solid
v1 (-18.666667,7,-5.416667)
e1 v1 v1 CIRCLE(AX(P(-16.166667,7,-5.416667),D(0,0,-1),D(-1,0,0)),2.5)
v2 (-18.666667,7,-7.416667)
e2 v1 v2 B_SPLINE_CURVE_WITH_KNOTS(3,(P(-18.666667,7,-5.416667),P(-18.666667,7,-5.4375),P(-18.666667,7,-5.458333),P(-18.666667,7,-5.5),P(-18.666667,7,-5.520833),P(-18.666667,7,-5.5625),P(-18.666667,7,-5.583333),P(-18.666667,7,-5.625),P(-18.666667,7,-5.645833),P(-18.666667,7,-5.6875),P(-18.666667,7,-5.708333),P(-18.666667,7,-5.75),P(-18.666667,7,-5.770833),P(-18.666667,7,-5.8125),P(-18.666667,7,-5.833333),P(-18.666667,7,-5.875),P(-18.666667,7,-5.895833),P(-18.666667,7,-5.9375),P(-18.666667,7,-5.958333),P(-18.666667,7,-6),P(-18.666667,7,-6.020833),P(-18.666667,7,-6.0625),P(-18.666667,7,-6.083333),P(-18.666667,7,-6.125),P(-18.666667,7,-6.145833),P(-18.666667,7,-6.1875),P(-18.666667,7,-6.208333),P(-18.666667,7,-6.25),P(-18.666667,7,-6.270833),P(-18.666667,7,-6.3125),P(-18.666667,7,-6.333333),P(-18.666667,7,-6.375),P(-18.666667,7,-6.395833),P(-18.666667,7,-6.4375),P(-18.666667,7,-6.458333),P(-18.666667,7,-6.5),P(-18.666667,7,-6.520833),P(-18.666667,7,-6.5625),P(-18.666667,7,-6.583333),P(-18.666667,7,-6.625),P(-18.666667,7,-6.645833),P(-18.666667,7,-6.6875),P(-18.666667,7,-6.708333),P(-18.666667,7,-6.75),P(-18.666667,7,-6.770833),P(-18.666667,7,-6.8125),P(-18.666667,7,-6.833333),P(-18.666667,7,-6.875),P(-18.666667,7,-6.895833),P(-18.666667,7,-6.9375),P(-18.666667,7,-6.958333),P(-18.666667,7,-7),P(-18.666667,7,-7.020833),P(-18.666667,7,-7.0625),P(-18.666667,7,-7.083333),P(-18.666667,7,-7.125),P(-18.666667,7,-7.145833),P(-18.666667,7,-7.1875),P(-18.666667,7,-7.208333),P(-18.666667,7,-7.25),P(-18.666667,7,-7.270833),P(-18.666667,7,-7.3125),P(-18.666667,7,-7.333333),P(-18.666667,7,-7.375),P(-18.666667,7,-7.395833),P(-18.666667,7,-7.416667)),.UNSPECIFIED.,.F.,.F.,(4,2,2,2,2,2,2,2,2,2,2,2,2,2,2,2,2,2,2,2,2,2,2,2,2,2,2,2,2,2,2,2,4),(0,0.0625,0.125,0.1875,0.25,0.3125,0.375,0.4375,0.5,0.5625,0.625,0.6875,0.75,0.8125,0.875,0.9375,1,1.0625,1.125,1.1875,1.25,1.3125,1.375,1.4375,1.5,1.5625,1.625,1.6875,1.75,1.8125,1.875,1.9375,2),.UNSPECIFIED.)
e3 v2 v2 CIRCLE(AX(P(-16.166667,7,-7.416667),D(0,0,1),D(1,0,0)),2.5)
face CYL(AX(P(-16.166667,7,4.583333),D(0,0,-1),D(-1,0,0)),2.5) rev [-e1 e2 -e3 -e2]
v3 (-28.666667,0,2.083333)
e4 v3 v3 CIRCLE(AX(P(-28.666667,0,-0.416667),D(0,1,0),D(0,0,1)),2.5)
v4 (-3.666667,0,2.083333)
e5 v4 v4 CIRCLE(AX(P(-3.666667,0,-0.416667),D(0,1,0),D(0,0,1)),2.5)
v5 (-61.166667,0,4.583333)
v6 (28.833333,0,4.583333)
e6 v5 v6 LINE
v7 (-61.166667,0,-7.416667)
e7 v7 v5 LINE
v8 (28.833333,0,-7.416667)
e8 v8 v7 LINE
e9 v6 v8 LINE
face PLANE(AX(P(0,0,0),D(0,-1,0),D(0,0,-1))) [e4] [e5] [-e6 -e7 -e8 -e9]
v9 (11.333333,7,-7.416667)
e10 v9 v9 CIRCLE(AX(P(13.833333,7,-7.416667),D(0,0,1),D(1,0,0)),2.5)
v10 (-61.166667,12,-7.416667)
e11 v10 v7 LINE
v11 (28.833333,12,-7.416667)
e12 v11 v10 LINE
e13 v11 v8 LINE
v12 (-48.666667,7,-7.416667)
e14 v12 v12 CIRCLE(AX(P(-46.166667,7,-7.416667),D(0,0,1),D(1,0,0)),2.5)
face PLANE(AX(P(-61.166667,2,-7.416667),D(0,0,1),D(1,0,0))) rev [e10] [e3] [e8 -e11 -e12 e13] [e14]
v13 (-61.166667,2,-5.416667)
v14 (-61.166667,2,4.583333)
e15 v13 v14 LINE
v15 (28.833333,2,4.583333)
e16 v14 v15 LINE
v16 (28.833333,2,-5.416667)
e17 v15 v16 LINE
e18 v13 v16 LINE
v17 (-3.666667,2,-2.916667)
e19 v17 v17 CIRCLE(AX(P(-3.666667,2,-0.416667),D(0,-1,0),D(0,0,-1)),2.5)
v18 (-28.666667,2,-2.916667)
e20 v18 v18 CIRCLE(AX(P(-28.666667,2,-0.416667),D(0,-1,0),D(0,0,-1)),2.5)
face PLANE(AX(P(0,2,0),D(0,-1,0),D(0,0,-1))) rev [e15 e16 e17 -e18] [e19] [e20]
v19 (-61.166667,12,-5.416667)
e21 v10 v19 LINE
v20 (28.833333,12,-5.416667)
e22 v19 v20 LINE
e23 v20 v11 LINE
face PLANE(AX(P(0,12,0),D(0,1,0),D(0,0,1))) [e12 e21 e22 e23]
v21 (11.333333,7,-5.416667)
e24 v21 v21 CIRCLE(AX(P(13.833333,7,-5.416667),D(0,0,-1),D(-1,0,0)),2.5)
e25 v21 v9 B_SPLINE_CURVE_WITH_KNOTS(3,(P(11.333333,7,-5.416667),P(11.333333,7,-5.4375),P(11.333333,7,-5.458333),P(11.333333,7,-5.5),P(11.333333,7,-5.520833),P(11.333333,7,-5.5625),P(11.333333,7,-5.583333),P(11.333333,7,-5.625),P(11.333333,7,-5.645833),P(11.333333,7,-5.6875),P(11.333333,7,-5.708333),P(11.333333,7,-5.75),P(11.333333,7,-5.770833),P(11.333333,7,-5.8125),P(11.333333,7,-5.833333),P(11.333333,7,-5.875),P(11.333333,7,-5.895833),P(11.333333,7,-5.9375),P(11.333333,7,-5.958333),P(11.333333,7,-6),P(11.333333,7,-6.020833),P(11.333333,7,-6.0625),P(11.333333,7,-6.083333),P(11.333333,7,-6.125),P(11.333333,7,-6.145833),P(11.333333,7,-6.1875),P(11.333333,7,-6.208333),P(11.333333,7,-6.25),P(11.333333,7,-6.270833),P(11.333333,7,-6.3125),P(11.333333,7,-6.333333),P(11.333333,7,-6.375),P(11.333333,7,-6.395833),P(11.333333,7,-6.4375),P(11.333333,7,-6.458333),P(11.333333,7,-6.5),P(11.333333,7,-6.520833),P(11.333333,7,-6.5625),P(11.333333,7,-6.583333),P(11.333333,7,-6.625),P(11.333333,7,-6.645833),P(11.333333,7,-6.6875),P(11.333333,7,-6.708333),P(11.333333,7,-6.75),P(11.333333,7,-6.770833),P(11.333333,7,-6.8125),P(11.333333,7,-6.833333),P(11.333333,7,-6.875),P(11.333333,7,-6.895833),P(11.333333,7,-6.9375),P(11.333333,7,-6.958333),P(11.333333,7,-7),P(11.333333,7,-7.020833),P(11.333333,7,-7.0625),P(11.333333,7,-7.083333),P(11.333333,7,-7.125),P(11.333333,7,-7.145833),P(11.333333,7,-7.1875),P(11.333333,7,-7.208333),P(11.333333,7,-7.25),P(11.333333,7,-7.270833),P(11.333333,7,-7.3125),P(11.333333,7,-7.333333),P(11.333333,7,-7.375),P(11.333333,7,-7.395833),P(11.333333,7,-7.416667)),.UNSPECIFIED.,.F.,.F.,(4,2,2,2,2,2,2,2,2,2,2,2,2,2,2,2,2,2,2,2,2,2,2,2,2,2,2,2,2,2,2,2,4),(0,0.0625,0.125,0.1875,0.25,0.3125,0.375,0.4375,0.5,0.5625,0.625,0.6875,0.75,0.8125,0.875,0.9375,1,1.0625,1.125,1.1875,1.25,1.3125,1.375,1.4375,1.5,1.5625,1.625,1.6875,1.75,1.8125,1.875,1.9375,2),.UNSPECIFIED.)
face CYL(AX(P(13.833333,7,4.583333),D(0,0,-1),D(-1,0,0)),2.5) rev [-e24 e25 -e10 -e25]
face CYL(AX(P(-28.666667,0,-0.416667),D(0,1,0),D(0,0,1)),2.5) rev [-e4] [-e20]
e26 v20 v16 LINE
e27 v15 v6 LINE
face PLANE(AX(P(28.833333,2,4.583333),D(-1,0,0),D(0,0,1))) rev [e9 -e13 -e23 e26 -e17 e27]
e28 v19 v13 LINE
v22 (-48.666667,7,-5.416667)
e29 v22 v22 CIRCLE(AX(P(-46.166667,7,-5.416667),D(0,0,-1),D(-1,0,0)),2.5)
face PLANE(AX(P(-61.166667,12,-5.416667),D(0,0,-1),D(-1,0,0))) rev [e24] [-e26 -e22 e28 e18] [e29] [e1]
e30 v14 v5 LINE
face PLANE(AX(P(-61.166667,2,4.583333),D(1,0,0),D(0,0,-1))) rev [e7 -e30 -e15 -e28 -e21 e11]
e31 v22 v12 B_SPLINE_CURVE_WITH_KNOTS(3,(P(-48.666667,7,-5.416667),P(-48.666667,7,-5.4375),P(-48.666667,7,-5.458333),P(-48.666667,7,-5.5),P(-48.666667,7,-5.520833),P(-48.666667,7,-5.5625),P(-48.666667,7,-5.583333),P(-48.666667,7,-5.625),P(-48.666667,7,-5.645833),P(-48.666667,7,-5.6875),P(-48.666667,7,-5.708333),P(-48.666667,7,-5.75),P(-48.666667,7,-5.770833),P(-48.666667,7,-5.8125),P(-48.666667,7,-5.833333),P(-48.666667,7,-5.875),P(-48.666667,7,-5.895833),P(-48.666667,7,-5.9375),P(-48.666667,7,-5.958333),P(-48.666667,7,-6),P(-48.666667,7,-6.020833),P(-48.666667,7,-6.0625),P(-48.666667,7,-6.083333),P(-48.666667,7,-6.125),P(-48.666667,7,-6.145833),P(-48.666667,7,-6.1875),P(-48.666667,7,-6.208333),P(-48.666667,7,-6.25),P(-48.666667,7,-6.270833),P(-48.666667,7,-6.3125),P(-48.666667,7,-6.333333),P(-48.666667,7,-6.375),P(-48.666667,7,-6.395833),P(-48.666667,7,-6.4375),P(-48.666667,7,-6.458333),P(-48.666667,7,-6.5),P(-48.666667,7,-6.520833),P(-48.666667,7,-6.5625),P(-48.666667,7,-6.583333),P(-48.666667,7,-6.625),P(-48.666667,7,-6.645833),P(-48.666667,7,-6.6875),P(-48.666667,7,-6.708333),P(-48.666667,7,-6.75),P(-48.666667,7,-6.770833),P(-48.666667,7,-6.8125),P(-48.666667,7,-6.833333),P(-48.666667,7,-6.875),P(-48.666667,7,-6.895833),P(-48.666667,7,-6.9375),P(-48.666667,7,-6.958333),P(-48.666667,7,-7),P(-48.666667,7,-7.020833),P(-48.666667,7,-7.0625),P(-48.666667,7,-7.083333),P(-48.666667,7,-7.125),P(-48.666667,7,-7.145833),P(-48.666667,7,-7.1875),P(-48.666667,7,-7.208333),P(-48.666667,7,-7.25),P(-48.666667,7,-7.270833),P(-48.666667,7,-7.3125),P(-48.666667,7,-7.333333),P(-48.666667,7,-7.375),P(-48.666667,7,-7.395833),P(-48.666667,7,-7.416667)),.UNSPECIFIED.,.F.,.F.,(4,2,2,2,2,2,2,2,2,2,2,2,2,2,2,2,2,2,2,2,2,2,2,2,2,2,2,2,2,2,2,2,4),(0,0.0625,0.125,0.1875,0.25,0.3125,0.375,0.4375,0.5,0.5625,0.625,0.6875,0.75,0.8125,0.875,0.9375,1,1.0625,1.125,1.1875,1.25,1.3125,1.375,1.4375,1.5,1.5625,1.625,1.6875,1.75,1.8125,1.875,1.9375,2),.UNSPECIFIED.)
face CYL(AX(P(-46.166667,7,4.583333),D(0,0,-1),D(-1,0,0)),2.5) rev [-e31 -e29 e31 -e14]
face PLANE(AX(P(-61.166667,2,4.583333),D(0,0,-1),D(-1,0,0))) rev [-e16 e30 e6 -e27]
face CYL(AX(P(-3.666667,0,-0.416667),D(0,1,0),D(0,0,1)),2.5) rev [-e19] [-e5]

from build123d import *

# Parameters (mm, degrees)
SKETCH1_W               = 90
SKETCH1_H               = 12
BOSS_EXTRUDE1_DEPTH     = 2
SKETCH2_W               = 90
SKETCH2_H               = 2
BOSS_EXTRUDE2_DEPTH     = 10
CUT_EXTRUDE1_DEPTH      = 63.420894383
CUT_EXTRUDE1_DEPTH_BACK = 63.420894383
SKETCH3_R               = 2.5
CUT_EXTRUDE2_DEPTH      = 64.477248768
CUT_EXTRUDE2_DEPTH_BACK = 64.477248768
SKETCH4_R               = 2.5


with BuildPart() as part:
    # Sketch1 → Boss-Extrude1 (new body)
    with BuildSketch(Plane(origin=(0, 0, 0), x_dir=(1, 0, 0), z_dir=(0, 1, 0))):
        with Locations((-16.166666667, 1.416666667)):
            Rectangle(SKETCH1_W, SKETCH1_H)
    extrude(amount=BOSS_EXTRUDE1_DEPTH)

    # Sketch2 → Boss-Extrude2 (add)
    with BuildSketch(Plane(origin=(0, 2, 0), x_dir=(1, 0, 0), z_dir=(0, 1, 0))):
        with Locations((-16.166666667, 6.416666667)):
            Rectangle(SKETCH2_W, SKETCH2_H)
    extrude(amount=BOSS_EXTRUDE2_DEPTH)

    # Sketch3 → Cut-Extrude1 (cut, two sides: drawn at the far end of the back side and taken through both)
    with BuildSketch(Plane(origin=(0, 2, 0), x_dir=(1, 0, 0), z_dir=(0, 1, 0)).offset(-CUT_EXTRUDE1_DEPTH_BACK)):
        with Locations(Location((-28.666666667, 0.416666667, 0), (0, 0, 270))):
            Circle(SKETCH3_R)
        with Locations(Location((-3.666666667, 0.416666667, 0), (0, 0, 270))):
            Circle(SKETCH3_R)
    extrude(amount=CUT_EXTRUDE1_DEPTH + CUT_EXTRUDE1_DEPTH_BACK, mode=Mode.SUBTRACT)

    # Sketch4 → Cut-Extrude2 (cut, two sides: drawn at the far end of the back side and taken through both)
    with BuildSketch(Plane(origin=(0, 0, -7.416666667), x_dir=(-1, 0, 0), z_dir=(0, 0, -1)).offset(-CUT_EXTRUDE2_DEPTH_BACK)):
        with Locations((-13.833333333, 7)):
            Circle(SKETCH4_R)
        with Locations((16.166666667, 7)):
            Circle(SKETCH4_R)
        with Locations((46.166666667, 7)):
            Circle(SKETCH4_R)
    extrude(amount=CUT_EXTRUDE2_DEPTH + CUT_EXTRUDE2_DEPTH_BACK, mode=Mode.SUBTRACT)


solid = part.part
